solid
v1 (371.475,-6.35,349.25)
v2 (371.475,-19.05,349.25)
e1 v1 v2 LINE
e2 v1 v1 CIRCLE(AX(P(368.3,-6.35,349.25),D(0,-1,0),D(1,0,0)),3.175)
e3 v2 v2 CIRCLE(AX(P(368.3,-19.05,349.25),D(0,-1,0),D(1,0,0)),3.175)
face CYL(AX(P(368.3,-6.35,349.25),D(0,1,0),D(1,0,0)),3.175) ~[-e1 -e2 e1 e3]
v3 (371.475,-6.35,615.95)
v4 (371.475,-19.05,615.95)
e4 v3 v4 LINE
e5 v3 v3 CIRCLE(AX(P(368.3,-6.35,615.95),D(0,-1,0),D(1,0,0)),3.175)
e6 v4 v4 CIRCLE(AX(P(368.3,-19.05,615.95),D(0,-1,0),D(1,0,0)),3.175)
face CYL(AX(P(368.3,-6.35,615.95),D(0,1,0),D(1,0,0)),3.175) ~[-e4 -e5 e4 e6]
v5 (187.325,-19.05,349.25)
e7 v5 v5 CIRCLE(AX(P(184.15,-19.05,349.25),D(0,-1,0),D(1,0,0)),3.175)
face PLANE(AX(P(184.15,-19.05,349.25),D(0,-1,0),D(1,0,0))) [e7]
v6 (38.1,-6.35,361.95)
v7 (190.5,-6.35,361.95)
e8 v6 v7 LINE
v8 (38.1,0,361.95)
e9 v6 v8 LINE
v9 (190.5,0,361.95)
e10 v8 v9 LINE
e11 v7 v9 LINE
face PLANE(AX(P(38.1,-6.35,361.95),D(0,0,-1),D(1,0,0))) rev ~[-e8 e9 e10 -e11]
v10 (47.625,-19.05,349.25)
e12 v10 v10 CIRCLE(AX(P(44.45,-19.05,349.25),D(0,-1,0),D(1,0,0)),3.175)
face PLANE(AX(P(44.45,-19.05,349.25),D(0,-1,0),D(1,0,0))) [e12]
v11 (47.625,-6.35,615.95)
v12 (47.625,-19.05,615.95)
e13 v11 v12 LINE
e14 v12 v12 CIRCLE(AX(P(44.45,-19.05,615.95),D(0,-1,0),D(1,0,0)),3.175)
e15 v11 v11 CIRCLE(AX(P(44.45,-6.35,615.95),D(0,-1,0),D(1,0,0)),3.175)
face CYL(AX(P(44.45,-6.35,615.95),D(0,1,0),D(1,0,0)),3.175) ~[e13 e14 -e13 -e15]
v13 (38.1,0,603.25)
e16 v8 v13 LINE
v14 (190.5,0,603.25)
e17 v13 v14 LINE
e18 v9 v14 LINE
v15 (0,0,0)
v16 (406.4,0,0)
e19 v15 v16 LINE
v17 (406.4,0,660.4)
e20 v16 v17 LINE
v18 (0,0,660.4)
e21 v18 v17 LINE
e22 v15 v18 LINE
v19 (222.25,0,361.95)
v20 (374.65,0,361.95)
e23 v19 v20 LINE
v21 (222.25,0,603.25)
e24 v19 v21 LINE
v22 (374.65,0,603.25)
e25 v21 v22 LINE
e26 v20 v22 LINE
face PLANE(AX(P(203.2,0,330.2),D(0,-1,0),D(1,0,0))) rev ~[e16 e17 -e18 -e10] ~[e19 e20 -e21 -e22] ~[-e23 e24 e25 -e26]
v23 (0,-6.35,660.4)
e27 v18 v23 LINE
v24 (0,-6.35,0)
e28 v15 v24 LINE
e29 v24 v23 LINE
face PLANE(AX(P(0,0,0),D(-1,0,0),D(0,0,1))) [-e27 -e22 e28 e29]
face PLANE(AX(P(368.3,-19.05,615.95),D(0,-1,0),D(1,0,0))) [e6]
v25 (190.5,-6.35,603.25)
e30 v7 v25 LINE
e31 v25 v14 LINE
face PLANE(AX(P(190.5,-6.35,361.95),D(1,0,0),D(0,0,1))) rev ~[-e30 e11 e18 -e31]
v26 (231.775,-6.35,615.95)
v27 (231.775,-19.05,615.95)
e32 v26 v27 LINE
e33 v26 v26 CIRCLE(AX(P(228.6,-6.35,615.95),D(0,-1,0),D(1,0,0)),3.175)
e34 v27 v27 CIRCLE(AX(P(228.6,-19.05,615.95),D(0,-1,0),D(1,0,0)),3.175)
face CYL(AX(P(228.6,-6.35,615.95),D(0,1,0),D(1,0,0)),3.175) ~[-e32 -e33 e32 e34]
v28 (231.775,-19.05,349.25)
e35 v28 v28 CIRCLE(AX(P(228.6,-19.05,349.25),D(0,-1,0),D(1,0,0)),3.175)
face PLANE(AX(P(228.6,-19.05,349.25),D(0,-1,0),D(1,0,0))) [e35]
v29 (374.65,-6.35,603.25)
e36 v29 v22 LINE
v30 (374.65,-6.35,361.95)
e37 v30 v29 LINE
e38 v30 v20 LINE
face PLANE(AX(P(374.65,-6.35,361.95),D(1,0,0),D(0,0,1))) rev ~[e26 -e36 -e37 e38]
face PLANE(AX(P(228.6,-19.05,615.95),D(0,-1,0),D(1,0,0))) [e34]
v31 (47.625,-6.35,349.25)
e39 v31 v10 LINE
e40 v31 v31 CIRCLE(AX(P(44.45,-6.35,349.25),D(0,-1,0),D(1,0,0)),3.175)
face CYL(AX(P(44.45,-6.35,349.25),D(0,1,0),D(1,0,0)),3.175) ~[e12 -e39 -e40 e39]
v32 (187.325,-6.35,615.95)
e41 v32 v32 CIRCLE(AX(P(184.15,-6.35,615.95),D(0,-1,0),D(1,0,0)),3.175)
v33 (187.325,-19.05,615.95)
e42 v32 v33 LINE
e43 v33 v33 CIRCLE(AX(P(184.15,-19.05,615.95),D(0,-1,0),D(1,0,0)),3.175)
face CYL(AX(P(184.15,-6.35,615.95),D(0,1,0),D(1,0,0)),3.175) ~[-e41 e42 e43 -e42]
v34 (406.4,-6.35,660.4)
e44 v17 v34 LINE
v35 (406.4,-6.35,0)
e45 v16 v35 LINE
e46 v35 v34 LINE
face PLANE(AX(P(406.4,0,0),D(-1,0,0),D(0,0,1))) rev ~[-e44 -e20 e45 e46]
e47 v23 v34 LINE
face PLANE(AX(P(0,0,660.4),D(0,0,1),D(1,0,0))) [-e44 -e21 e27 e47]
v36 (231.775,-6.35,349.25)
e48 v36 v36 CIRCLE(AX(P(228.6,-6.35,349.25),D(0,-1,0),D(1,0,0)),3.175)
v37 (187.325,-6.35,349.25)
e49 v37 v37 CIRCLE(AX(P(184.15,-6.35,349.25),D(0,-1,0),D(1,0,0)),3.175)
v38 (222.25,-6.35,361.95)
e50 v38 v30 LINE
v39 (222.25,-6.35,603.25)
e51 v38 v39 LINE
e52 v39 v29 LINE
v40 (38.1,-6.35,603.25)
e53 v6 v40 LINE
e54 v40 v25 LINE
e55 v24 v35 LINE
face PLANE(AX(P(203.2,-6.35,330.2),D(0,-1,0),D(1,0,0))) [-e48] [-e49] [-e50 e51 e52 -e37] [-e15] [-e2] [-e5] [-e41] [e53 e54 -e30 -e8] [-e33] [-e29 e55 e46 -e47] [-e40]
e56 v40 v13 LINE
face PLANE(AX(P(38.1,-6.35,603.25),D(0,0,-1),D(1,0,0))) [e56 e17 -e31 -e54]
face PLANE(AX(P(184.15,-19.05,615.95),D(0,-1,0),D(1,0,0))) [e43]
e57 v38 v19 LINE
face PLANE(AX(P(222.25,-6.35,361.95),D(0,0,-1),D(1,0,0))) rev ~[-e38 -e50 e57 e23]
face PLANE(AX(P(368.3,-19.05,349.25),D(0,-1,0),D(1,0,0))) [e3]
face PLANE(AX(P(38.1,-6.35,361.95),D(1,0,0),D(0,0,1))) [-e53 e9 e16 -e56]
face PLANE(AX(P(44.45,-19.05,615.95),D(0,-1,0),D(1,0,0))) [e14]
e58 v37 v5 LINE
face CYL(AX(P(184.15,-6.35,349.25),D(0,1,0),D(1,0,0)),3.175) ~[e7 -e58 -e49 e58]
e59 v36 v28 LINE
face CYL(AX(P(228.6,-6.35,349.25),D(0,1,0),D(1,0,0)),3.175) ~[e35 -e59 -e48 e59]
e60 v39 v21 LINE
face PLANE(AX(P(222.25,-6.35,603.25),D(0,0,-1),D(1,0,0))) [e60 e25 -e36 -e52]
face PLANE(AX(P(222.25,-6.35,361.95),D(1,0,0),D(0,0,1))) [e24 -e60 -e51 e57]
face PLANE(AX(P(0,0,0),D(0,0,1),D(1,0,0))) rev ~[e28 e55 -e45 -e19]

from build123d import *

# Parameters (mm, degrees)
F0_W     = 406.4
F0_H     = 660.4
F1_DEPTH = 6.35
F2_W     = 152.4
F2_H     = 241.3
F3_DEPTH = 6.351
F4_R     = 3.175
F5_DEPTH = 12.7


with BuildPart() as f1:
    # F0 (on Front) → F1 (new body)
    with BuildSketch(Plane.XZ):
        with Locations((203.2, 330.2)):
            Rectangle(F0_W, F0_H)
    extrude(amount=F1_DEPTH)

    # F2 (on face) → F3 (cut, through all)
    with BuildSketch(Plane.XZ.offset(6.35)):
        with Locations((114.3, 482.6)):
            Rectangle(F2_W, F2_H)
        with Locations((298.45, 482.6)):
            Rectangle(F2_W, F2_H)
    extrude(amount=-F3_DEPTH, mode=Mode.SUBTRACT)

    # F4 (on face) → F5 (join)
    with BuildSketch(Plane.XZ.offset(6.35)):
        with Locations((44.45, 615.95)):
            Circle(F4_R)
        with Locations((184.15, 615.95)):
            Circle(F4_R)
        with Locations((44.45, 349.25)):
            Circle(F4_R)
        with Locations((184.15, 349.25)):
            Circle(F4_R)
        with Locations((228.6, 615.95)):
            Circle(F4_R)
        with Locations((368.3, 615.95)):
            Circle(F4_R)
        with Locations((228.6, 349.25)):
            Circle(F4_R)
        with Locations((368.3, 349.25)):
            Circle(F4_R)
    extrude(amount=F5_DEPTH)


solid = f1.part
